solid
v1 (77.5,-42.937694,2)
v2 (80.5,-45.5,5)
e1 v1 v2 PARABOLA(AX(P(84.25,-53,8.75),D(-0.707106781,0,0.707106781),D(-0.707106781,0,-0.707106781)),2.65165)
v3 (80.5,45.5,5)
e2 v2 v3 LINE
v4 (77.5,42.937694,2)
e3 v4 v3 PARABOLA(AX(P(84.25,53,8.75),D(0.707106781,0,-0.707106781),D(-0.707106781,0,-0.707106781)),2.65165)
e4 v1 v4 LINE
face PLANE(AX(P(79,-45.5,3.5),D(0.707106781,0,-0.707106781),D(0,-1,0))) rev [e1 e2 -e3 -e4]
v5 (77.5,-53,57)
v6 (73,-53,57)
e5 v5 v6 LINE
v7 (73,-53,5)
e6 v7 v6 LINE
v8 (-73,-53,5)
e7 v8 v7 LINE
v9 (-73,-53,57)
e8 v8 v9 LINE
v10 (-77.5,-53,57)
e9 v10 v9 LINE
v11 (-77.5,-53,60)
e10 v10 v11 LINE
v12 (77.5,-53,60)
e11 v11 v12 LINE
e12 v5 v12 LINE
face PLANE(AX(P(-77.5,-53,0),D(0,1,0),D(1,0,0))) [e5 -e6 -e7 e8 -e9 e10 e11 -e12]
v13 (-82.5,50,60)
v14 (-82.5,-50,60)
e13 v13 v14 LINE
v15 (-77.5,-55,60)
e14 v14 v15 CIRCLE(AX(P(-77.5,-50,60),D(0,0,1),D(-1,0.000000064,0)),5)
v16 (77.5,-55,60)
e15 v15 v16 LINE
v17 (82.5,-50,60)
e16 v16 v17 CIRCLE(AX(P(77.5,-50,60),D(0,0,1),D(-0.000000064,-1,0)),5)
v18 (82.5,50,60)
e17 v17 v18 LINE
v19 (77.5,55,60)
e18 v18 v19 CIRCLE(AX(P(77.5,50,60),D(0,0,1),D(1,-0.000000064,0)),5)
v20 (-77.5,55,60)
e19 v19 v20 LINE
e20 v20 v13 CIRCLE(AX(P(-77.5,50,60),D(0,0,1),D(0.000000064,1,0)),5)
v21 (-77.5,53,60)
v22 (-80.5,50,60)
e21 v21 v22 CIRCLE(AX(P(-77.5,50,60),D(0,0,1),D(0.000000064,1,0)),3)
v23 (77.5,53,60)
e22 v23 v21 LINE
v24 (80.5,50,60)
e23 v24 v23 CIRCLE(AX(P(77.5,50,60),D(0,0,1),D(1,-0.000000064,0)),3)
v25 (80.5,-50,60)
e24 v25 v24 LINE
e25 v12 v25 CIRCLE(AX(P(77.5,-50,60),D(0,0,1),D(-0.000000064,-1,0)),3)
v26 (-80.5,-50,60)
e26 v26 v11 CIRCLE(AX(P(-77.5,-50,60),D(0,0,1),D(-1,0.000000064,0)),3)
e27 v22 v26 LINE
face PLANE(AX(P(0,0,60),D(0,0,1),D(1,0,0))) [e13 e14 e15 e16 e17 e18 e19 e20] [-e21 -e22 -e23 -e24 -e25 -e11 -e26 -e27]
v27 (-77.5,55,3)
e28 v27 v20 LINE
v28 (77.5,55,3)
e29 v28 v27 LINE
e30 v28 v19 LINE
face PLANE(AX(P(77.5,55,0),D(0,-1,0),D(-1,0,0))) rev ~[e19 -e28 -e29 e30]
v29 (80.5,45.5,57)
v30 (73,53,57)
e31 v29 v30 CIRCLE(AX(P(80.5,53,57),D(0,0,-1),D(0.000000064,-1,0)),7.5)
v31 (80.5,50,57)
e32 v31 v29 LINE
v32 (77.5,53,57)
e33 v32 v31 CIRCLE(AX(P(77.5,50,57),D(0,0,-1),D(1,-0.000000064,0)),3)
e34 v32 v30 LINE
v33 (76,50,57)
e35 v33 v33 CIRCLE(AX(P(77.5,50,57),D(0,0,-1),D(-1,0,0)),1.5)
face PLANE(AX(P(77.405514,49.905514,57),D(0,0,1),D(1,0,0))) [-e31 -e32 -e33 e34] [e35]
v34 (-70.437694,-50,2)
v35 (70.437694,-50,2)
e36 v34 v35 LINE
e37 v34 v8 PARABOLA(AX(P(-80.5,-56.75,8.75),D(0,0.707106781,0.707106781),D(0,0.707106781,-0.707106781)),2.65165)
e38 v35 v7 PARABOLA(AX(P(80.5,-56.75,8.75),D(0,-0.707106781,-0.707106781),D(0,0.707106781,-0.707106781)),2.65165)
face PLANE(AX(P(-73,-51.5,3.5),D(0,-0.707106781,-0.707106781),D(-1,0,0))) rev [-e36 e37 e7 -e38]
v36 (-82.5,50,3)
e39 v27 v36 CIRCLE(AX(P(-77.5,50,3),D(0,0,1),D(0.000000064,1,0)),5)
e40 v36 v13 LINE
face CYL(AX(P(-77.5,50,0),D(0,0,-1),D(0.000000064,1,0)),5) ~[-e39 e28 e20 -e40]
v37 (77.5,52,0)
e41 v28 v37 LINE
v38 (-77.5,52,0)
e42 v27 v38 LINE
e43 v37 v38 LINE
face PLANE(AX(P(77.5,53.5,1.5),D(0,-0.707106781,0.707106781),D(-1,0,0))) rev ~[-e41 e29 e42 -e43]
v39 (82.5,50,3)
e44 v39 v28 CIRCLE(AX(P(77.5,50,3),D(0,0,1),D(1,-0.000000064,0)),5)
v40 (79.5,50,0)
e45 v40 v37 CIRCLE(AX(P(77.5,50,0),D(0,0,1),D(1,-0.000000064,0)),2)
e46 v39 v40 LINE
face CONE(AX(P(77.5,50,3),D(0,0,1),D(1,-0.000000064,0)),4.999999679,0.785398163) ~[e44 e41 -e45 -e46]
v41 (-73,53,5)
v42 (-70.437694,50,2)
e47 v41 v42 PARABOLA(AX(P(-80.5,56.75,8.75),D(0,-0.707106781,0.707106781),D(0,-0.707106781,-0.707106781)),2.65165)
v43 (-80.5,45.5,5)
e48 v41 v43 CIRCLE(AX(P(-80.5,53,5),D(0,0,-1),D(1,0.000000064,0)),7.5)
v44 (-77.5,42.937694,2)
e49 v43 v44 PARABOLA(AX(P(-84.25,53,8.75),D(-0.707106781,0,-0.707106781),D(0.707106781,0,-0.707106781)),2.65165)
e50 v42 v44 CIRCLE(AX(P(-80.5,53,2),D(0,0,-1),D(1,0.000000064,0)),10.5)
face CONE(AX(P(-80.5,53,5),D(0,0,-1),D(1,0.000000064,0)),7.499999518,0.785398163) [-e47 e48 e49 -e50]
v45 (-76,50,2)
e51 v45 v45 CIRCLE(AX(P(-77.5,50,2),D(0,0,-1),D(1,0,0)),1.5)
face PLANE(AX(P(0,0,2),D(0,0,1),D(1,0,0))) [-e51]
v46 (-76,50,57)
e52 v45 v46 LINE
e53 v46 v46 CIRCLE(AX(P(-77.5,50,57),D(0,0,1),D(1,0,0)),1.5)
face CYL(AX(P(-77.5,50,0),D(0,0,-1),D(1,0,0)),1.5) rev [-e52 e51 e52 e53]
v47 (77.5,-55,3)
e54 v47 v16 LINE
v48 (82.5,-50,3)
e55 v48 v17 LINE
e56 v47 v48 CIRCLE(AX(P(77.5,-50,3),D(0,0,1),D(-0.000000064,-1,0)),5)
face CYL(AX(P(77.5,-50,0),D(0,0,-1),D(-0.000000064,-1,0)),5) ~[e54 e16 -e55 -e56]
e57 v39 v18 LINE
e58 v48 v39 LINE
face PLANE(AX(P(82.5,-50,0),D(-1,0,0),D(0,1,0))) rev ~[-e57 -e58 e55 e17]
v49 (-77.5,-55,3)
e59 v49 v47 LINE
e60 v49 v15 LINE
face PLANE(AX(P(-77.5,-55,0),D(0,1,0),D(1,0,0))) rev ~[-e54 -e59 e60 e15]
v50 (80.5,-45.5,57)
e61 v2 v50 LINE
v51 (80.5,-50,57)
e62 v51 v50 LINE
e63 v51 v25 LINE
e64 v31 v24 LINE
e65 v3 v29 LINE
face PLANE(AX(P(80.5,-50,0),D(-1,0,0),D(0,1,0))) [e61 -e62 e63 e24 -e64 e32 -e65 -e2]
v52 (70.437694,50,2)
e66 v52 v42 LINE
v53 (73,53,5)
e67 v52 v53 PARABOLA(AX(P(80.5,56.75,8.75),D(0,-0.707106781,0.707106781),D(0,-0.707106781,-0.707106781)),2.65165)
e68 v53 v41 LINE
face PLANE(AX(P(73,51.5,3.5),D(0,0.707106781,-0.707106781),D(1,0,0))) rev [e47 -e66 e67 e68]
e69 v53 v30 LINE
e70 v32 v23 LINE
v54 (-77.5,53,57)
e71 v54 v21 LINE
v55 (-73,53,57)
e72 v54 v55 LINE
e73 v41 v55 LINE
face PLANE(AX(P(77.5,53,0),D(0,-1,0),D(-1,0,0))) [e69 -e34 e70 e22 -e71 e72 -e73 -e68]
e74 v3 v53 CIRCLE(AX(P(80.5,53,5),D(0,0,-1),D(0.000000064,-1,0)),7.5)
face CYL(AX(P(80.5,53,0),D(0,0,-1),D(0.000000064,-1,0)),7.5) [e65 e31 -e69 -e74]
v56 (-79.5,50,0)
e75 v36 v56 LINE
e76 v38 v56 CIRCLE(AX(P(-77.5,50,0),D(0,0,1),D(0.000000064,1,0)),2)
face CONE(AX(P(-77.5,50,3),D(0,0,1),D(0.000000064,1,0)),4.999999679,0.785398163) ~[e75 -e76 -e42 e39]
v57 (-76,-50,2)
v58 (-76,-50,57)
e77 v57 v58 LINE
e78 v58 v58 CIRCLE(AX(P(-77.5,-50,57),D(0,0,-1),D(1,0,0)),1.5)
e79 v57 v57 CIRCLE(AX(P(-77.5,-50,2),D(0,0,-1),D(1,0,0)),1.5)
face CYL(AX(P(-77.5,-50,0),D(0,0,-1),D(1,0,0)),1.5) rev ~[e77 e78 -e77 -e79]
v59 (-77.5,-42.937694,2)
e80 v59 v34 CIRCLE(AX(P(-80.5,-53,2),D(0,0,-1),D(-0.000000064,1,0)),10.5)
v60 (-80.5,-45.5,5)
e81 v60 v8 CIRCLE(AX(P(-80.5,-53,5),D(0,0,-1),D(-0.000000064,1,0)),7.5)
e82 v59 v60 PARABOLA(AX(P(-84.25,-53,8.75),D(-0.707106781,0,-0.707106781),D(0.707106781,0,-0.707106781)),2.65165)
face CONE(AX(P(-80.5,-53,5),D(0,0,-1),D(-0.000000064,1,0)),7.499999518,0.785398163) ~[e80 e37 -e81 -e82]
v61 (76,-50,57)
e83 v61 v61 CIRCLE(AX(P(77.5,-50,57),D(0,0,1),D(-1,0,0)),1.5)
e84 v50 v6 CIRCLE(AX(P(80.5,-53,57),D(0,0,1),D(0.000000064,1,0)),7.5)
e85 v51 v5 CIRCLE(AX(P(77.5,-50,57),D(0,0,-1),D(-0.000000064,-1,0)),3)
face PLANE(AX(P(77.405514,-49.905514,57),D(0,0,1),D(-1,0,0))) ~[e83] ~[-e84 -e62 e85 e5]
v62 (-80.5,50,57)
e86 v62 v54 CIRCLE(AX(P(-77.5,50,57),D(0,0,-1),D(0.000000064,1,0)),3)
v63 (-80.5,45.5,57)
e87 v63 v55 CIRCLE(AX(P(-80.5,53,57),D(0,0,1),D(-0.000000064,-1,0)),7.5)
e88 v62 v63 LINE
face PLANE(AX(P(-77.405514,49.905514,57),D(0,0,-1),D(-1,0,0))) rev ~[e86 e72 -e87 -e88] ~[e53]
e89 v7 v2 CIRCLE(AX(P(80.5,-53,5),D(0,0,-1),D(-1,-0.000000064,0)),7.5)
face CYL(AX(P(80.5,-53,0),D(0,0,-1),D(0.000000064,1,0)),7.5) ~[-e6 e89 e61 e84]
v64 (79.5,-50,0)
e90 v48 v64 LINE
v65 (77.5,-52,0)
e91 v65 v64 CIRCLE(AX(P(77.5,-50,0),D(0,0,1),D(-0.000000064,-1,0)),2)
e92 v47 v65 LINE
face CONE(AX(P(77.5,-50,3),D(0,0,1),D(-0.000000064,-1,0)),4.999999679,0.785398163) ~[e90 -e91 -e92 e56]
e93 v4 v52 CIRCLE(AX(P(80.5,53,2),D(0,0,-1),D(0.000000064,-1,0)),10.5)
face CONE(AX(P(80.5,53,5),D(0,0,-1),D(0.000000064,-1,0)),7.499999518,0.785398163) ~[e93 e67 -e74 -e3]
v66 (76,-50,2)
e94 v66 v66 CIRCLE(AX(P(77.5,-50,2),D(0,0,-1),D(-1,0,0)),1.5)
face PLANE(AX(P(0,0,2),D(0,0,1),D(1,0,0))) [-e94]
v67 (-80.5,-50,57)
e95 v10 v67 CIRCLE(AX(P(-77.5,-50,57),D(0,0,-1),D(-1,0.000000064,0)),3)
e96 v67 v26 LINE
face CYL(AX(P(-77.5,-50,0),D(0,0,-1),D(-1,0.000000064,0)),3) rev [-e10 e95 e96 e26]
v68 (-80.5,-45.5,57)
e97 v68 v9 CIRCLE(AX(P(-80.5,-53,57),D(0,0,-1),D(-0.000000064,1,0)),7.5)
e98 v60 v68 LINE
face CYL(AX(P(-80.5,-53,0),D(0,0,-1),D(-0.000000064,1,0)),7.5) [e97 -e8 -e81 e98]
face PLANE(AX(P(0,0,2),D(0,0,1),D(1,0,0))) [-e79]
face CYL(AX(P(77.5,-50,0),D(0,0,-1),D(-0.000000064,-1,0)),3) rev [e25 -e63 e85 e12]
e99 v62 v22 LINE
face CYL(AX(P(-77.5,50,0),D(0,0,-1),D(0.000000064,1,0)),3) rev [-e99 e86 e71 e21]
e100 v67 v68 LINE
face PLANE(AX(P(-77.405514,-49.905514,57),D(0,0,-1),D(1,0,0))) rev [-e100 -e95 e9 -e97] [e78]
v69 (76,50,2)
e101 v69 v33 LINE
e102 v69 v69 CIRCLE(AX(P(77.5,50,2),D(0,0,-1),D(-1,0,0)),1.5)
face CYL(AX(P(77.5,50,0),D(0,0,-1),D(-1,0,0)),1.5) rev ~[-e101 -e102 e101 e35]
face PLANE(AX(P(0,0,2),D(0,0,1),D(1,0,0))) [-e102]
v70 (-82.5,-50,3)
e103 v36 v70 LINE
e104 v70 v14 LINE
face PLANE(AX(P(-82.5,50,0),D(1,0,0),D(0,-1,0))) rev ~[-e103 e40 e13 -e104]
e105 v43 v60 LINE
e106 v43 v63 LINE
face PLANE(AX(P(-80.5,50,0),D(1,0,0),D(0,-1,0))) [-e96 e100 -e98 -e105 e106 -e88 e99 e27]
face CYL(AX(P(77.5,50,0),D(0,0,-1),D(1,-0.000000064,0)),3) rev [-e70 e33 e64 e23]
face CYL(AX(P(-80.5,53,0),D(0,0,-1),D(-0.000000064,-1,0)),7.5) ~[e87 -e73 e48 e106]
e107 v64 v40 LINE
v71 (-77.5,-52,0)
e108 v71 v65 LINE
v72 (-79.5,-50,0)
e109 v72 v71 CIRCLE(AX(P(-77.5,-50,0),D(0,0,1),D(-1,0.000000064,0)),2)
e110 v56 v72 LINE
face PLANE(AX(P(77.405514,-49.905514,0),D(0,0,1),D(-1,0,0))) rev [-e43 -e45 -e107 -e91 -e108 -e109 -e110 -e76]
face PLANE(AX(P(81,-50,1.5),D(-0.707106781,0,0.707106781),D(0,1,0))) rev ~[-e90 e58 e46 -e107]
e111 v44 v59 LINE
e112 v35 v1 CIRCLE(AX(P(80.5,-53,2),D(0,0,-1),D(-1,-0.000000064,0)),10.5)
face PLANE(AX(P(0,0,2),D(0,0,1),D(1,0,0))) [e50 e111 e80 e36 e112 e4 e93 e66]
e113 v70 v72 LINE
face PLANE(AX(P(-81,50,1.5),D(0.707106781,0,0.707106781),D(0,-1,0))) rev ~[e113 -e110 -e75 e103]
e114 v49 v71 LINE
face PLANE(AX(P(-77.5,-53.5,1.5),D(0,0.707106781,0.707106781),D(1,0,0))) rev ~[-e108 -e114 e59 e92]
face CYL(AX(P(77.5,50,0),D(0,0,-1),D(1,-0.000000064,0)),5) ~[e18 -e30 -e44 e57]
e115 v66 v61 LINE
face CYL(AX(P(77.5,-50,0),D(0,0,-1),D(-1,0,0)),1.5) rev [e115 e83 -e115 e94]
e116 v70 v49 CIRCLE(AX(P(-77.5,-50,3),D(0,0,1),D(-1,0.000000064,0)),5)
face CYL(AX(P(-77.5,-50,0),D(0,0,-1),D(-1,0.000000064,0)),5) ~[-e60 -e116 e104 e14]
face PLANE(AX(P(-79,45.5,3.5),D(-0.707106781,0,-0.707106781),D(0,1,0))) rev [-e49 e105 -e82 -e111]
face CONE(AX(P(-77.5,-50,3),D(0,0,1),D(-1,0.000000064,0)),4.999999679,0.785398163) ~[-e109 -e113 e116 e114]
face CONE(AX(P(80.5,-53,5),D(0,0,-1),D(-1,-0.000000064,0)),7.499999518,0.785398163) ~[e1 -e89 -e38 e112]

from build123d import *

# Parameters (mm, degrees)
PAD_DEPTH               = 60
THICKNESS_T             = -2
SKETCH001_R             = 1.5
PAD001_DEPTH            = 57
SKETCH001_MIRRORED_2_R  = 1.5
PAD001_MIRRORED_2_DEPTH = 57
CHAMFER001_SIZE         = 3
CHAMFER003_SIZE         = 3


with BuildPart() as part:
    # Sketch → Pad (new body)
    with BuildSketch(Plane.XY):
        with BuildLine():
            Line((-82.5, 50), (-82.5, -50))
            ThreePointArc((-82.5, -50), (-81.035534, -53.535534), (-77.5, -55))
            Line((-77.5, -55), (77.5, -55))
            ThreePointArc((77.5, -55), (81.035534, -53.535534), (82.5, -50))
            Line((82.5, -50), (82.5, 50))
            ThreePointArc((82.5, 50), (81.035534, 53.535534), (77.5, 55))
            Line((77.5, 55), (-77.5, 55))
            ThreePointArc((-77.5, 55), (-81.035534, 53.535534), (-82.5, 50))
        make_face()
    extrude(amount=PAD_DEPTH)

    # Thickness
    thickness_openings = [part.faces().sort_by_distance(p)[0] for p in [
        (0, 0, 60),
    ]]
    offset(amount=THICKNESS_T, openings=thickness_openings)

    # Sketch001 → Pad001 (join)
    with BuildSketch(Plane.XY):
        with BuildLine():
            Line((-80.5, 53), (-73, 53))
            ThreePointArc((-80.5, 45.5), (-75.196699, 47.696699), (-73, 53))
            Line((-80.5, 53), (-80.5, 45.5))
        make_face()
        with Locations((-77.5, 50)):
            Circle(SKETCH001_R, mode=Mode.SUBTRACT)
    pad001 = extrude(amount=PAD001_DEPTH)

    # Sketch001 Mirrored 2 → Pad001 Mirrored 2 (add)
    with BuildSketch(Plane(origin=(0, 0, 0), x_dir=(-1, 0, 0), z_dir=(0, 0, -1))):
        with BuildLine():
            Line((-80.5, 53), (-73, 53))
            ThreePointArc((-80.5, 45.5), (-75.196699, 47.696699), (-73, 53))
            Line((-80.5, 53), (-80.5, 45.5))
        make_face()
        with Locations((-77.5, 50)):
            Circle(SKETCH001_MIRRORED_2_R, mode=Mode.SUBTRACT)
    pad001_mirrored_2 = extrude(amount=-PAD001_MIRRORED_2_DEPTH)

    # Mirrored001: Pad001, Pad001 Mirrored 2 across Sketch001 H_Axis
    add(pad001.mirror(Plane.ZX))
    add(pad001_mirrored_2.mirror(Plane.ZX))

    # Chamfer001
    chamfer001_edges = [part.edges().sort_by_distance(p)[0] for p in [
        (-75.196699, 47.696699, 2),
        (75.196699, 47.696699, 2),
        (75.196699, -47.696699, 2),
        (-75.196699, -47.696699, 2),
        (0, 53, 2),
        (-80.5, 0, 2),
        (0, -53, 2),
        (80.5, 0, 2),
    ]]
    chamfer(chamfer001_edges, length=CHAMFER001_SIZE)

    # Chamfer003
    chamfer003_edges = [part.edges().sort_by_distance(p)[0] for p in [
        (0, -55, 0),
    ]]
    chamfer(chamfer003_edges, length=CHAMFER003_SIZE)


solid = part.part
